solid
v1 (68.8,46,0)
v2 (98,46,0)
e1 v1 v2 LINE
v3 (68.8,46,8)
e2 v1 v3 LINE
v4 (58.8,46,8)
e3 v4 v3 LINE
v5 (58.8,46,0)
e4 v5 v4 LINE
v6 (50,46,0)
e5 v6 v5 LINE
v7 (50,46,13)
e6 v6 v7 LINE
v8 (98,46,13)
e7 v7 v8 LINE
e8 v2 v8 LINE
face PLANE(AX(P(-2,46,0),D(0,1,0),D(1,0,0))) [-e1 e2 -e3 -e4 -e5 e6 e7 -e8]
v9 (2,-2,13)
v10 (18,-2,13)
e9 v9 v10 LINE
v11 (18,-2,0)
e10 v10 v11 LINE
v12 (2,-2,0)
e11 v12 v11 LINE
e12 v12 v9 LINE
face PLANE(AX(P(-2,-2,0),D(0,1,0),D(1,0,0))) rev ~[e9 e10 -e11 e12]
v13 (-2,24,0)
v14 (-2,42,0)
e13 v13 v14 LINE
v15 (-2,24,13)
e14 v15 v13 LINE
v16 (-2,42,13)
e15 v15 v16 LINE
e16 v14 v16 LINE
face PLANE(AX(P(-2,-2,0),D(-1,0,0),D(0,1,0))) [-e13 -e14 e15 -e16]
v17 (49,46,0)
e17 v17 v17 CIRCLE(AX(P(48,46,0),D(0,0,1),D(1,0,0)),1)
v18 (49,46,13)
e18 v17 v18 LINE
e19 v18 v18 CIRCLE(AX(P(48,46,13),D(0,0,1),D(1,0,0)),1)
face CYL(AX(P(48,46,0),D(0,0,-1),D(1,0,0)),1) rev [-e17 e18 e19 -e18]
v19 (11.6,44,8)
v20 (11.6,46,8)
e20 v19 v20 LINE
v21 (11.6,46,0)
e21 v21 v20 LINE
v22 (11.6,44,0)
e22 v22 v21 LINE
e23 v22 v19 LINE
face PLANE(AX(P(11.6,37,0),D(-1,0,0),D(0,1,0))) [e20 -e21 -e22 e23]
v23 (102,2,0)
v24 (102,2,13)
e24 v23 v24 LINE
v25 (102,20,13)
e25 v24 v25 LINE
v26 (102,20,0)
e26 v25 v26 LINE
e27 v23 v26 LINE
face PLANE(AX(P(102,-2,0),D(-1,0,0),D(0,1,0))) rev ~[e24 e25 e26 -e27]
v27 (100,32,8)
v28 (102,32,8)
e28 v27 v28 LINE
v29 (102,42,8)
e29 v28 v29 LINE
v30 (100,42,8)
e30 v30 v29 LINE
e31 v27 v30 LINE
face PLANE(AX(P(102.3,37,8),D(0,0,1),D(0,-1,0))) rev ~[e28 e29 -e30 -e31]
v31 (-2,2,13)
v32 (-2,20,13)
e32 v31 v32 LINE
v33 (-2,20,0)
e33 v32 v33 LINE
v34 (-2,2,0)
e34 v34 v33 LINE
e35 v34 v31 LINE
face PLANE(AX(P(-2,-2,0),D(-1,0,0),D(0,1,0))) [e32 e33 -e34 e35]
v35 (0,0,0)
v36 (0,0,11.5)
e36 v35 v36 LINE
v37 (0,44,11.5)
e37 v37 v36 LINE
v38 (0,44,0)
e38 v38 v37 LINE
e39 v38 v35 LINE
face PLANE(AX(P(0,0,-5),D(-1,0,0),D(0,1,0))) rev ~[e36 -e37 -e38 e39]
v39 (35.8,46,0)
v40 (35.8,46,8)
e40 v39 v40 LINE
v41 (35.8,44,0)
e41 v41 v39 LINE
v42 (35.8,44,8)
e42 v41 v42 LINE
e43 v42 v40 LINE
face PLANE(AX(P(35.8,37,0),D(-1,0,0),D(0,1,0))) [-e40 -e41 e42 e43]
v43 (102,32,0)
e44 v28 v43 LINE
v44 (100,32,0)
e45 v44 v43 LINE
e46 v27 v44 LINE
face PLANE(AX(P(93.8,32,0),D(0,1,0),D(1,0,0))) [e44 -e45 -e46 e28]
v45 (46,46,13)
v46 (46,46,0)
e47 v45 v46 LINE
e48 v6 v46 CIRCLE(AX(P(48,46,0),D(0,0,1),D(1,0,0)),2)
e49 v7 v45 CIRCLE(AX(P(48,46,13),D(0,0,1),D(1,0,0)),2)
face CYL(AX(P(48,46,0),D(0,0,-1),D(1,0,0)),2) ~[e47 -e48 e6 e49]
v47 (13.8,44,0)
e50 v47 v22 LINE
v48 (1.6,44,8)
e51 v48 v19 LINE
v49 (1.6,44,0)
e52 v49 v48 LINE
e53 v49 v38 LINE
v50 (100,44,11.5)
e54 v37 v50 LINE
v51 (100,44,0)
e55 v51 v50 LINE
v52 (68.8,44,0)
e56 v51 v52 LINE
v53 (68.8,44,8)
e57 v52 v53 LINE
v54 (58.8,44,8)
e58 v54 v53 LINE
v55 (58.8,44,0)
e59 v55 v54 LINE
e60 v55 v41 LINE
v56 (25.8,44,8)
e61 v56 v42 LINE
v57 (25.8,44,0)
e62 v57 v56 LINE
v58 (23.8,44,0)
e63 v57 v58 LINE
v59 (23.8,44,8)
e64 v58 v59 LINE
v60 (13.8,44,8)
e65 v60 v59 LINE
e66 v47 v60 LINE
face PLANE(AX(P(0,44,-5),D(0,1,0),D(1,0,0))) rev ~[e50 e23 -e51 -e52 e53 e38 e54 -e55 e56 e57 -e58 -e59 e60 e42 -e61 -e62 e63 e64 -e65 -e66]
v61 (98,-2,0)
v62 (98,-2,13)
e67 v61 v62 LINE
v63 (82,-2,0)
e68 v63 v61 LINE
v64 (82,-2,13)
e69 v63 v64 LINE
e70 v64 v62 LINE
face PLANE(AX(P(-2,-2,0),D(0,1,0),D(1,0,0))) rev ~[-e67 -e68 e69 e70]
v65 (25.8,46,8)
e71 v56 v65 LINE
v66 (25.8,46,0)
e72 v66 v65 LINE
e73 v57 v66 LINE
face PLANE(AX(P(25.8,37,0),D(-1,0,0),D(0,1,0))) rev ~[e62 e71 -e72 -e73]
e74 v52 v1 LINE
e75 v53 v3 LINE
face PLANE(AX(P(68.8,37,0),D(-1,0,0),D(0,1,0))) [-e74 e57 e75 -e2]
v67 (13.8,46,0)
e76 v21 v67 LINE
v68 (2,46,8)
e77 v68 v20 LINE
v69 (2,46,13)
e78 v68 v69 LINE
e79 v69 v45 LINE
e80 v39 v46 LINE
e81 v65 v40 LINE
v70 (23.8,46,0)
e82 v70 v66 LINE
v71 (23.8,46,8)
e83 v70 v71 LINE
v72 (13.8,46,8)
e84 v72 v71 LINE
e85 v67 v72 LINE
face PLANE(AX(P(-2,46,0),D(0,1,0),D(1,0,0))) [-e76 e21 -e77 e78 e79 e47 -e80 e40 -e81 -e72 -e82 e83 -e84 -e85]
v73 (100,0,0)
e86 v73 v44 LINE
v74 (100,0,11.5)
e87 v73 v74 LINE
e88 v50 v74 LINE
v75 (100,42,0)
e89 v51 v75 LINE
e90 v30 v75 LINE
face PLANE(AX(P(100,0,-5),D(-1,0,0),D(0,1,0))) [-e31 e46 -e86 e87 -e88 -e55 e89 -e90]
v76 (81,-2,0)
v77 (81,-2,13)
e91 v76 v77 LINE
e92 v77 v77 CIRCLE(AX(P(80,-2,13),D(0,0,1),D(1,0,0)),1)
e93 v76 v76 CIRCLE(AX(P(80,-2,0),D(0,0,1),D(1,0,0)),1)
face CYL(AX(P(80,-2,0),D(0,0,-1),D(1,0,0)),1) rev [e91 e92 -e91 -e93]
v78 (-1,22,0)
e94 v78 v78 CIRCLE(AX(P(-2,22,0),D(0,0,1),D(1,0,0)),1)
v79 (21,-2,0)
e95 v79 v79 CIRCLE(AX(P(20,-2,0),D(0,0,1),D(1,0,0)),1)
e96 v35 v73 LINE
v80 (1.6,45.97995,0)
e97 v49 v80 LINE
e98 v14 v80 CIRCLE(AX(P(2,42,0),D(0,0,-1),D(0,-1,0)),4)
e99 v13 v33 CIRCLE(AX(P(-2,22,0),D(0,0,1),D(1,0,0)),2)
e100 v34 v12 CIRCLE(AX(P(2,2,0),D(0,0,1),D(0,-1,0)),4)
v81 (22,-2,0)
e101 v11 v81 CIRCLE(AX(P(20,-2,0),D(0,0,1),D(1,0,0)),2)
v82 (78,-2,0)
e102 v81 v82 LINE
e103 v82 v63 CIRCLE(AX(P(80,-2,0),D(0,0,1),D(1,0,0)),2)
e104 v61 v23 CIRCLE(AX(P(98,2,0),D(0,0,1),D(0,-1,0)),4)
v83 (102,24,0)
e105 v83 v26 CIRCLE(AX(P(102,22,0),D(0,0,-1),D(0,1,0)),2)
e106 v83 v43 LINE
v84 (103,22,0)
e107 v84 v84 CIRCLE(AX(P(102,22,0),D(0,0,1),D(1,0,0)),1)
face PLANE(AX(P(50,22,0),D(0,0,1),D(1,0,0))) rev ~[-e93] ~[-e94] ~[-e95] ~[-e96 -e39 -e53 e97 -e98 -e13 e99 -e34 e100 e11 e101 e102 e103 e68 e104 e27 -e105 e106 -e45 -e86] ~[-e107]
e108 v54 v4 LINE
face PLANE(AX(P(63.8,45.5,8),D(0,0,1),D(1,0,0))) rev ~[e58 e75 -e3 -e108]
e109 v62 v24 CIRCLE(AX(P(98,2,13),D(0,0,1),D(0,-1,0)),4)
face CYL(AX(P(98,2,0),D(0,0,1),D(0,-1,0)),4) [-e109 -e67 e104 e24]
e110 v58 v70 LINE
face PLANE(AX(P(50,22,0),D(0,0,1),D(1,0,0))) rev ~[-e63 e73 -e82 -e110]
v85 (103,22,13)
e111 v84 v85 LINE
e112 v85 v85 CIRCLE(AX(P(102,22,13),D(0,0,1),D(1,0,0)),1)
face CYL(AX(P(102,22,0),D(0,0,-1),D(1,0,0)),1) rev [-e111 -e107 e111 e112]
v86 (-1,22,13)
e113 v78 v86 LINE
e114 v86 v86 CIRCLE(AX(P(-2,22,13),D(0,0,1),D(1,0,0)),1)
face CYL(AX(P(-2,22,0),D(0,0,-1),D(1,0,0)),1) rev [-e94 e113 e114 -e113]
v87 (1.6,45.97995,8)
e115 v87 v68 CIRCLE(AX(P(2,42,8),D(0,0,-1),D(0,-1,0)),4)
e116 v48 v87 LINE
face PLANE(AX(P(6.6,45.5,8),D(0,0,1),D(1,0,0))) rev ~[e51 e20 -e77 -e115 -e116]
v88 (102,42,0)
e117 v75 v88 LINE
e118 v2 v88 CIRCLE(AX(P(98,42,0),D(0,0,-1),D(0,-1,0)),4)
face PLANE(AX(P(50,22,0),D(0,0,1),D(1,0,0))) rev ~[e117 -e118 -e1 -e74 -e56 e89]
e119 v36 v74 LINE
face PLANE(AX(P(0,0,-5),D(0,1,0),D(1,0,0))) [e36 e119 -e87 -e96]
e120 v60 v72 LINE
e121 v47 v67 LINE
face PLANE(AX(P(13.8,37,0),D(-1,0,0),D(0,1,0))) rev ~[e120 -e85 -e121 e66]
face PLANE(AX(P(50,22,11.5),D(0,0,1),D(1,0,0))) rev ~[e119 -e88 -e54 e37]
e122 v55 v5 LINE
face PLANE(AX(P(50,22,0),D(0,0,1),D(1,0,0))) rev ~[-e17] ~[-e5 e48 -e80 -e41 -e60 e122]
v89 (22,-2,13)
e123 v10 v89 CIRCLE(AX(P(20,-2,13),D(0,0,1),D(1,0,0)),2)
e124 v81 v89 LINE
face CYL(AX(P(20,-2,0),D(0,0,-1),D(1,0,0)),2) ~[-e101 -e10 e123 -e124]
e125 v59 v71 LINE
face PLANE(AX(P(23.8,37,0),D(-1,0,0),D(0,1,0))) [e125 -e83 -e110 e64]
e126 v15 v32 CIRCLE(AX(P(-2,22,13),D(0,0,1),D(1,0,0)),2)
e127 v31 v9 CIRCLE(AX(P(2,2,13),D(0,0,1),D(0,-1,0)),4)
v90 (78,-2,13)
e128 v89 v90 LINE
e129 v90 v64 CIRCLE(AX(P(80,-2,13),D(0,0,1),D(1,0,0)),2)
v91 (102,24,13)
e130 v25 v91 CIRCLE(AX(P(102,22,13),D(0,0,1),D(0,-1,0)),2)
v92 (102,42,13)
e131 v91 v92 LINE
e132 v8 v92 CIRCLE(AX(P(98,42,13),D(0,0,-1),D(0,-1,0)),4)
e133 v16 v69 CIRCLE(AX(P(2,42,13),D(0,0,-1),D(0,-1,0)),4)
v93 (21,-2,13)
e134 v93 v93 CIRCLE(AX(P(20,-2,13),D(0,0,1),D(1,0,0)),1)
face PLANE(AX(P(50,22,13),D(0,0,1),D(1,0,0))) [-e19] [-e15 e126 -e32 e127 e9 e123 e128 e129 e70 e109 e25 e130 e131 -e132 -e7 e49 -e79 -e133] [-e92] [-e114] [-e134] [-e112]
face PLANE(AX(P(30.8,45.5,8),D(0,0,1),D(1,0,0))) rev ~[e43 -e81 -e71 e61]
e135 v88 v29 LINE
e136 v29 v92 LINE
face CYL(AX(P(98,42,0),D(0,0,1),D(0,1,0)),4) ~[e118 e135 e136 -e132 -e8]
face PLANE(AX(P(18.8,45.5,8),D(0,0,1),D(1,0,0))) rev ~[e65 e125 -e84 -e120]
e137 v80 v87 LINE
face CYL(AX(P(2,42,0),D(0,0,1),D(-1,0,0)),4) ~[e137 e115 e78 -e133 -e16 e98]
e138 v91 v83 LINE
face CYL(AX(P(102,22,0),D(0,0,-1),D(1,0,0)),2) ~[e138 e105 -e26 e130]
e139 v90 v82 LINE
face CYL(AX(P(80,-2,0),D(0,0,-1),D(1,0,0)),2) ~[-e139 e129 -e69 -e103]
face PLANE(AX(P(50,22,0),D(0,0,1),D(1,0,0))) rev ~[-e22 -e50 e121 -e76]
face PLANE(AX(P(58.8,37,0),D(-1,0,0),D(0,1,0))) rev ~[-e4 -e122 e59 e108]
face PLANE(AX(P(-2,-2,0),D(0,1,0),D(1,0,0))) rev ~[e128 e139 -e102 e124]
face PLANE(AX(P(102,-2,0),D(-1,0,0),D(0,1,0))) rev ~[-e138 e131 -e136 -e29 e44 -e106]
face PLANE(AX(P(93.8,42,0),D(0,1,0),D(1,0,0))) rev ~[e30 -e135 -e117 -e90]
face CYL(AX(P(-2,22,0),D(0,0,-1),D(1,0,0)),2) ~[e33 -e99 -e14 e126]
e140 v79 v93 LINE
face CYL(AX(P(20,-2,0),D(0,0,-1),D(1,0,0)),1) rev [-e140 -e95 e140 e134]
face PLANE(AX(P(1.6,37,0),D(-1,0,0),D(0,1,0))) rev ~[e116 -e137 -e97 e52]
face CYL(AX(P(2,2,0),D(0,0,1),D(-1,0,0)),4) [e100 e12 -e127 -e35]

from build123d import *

# Parameters (mm, degrees)
CYLINDER006_R     = 1
CYLINDER006_DEPTH = 13
CYLINDER007_R     = 1
CYLINDER007_DEPTH = 13
CYLINDER008_R     = 1
CYLINDER008_DEPTH = 13
CYLINDER005_R     = 1
CYLINDER005_DEPTH = 13
CYLINDER009_R     = 1
CYLINDER009_DEPTH = 13
CYLINDER001_R     = 2
CYLINDER001_DEPTH = 13
CYLINDER002_R     = 2
CYLINDER002_DEPTH = 13
CYLINDER003_R     = 2
CYLINDER003_DEPTH = 13
CYLINDER004_R     = 2
CYLINDER004_DEPTH = 13
BOX001_W          = 10
BOX001_H          = 17
BOX001_DEPTH      = 8
BOX002_W          = 10
BOX002_H          = 17
BOX002_DEPTH      = 8
BOX003_W          = 10
BOX003_H          = 17
BOX003_DEPTH      = 8
BOX004_W          = 10
BOX004_H          = 17
BOX004_DEPTH      = 8
BOX005_W          = 10
BOX005_H          = 17
BOX005_DEPTH      = 8
BOX_W             = 100
BOX_H             = 44
BOX_DEPTH         = 16.5
BOX006_W          = 104
BOX006_H          = 48
BOX006_DEPTH      = 13
FILLET_R          = 4
CYLINDER_R        = 2
CYLINDER_DEPTH    = 13


with BuildPart() as cylinder006:
    # Cylinder006 → Cylinder006 (new body)
    with BuildSketch(Plane(origin=(20, -2, 0), x_dir=(1, 0, 0), z_dir=(0, 0, 1))):
        Circle(CYLINDER006_R)
    extrude(amount=CYLINDER006_DEPTH)


with BuildPart() as cylinder007:
    # Cylinder007 → Cylinder007 (new body)
    with BuildSketch(Plane(origin=(80, -2, 0), x_dir=(1, 0, 0), z_dir=(0, 0, 1))):
        Circle(CYLINDER007_R)
    extrude(amount=CYLINDER007_DEPTH)


with BuildPart() as cylinder008:
    # Cylinder008 → Cylinder008 (new body)
    with BuildSketch(Plane(origin=(48, 46, 0), x_dir=(1, 0, 0), z_dir=(0, 0, 1))):
        Circle(CYLINDER008_R)
    extrude(amount=CYLINDER008_DEPTH)


with BuildPart() as cylinder005:
    # Cylinder005 → Cylinder005 (new body)
    with BuildSketch(Plane(origin=(-2, 22, 0), x_dir=(1, 0, 0), z_dir=(0, 0, 1))):
        Circle(CYLINDER005_R)
    extrude(amount=CYLINDER005_DEPTH)


with BuildPart() as cylinder009:
    # Cylinder009 → Cylinder009 (new body)
    with BuildSketch(Plane(origin=(102, 22, 0), x_dir=(1, 0, 0), z_dir=(0, 0, 1))):
        Circle(CYLINDER009_R)
    extrude(amount=CYLINDER009_DEPTH)


with BuildPart() as cylinder001:
    # Cylinder001 → Cylinder001 (new body)
    with BuildSketch(Plane(origin=(80, -2, 0), x_dir=(1, 0, 0), z_dir=(0, 0, 1))):
        Circle(CYLINDER001_R)
    extrude(amount=CYLINDER001_DEPTH)


with BuildPart() as cylinder002:
    # Cylinder002 → Cylinder002 (new body)
    with BuildSketch(Plane(origin=(48, 46, 0), x_dir=(1, 0, 0), z_dir=(0, 0, 1))):
        Circle(CYLINDER002_R)
    extrude(amount=CYLINDER002_DEPTH)


with BuildPart() as cylinder003:
    # Cylinder003 → Cylinder003 (new body)
    with BuildSketch(Plane(origin=(-2, 22, 0), x_dir=(1, 0, 0), z_dir=(0, 0, 1))):
        Circle(CYLINDER003_R)
    extrude(amount=CYLINDER003_DEPTH)


with BuildPart() as cylinder004:
    # Cylinder004 → Cylinder004 (new body)
    with BuildSketch(Plane(origin=(102, 22, 0), x_dir=(1, 0, 0), z_dir=(0, 0, 1))):
        Circle(CYLINDER004_R)
    extrude(amount=CYLINDER004_DEPTH)


with BuildPart() as box001:
    # Box001 → Box001 (new body)
    with BuildSketch(Plane(origin=(1.6, 37, 0), x_dir=(1, 0, 0), z_dir=(0, 0, 1))):
        with Locations((5, 8.5)):
            Rectangle(BOX001_W, BOX001_H)
    extrude(amount=BOX001_DEPTH)


with BuildPart() as box002:
    # Box002 → Box002 (new body)
    with BuildSketch(Plane(origin=(13.8, 37, 0), x_dir=(1, 0, 0), z_dir=(0, 0, 1))):
        with Locations((5, 8.5)):
            Rectangle(BOX002_W, BOX002_H)
    extrude(amount=BOX002_DEPTH)


with BuildPart() as box003:
    # Box003 → Box003 (new body)
    with BuildSketch(Plane(origin=(25.8, 37, 0), x_dir=(1, 0, 0), z_dir=(0, 0, 1))):
        with Locations((5, 8.5)):
            Rectangle(BOX003_W, BOX003_H)
    extrude(amount=BOX003_DEPTH)


with BuildPart() as box004:
    # Box004 → Box004 (new body)
    with BuildSketch(Plane(origin=(58.8, 37, 0), x_dir=(1, 0, 0), z_dir=(0, 0, 1))):
        with Locations((5, 8.5)):
            Rectangle(BOX004_W, BOX004_H)
    extrude(amount=BOX004_DEPTH)


with BuildPart() as box005:
    # Box005 → Box005 (new body)
    with BuildSketch(Plane(origin=(93.8, 42, 0), x_dir=(0, -1, 0), z_dir=(0, 0, 1))):
        with Locations((5, 8.5)):
            Rectangle(BOX005_W, BOX005_H)
    extrude(amount=BOX005_DEPTH)


with BuildPart() as fusion:
    # Box → Box (new body)
    with BuildSketch(Plane.XY.offset(-5)):
        with Locations((50, 22)):
            Rectangle(BOX_W, BOX_H)
    extrude(amount=BOX_DEPTH)

    # Fusion: union Box001, Box002, Box003, Box004, Box005
    add(box001.part)
    add(box002.part)
    add(box003.part)
    add(box004.part)
    add(box005.part)


with BuildPart() as fillet_body:
    # Box006 → Box006 (new body)
    with BuildSketch(Plane(origin=(-2, -2, 0), x_dir=(1, 0, 0), z_dir=(0, 0, 1))):
        with Locations((52, 24)):
            Rectangle(BOX006_W, BOX006_H)
    extrude(amount=BOX006_DEPTH)

    # Cut: cut Fusion
    add(fusion.part, mode=Mode.SUBTRACT)

    # Fillet
    fillet_edges = [fillet_body.edges().sort_by_distance(p)[0] for p in [
        (-2, -2, 6.5),
        (-2, 46, 6.5),
        (102, -2, 6.5),
        (102, 46, 6.5),
    ]]
    fillet(fillet_edges, radius=FILLET_R)


with BuildPart() as cut006:
    # Cylinder → Cylinder (new body)
    with BuildSketch(Plane(origin=(20, -2, 0), x_dir=(1, 0, 0), z_dir=(0, 0, 1))):
        Circle(CYLINDER_R)
    extrude(amount=CYLINDER_DEPTH)

    # Fusion002: union Cylinder001, Cylinder002, Cylinder003, Cylinder004, Fillet body
    add(cylinder001.part)
    add(cylinder002.part)
    add(cylinder003.part)
    add(cylinder004.part)
    add(fillet_body.part)

    # Cut002: cut Cylinder009
    add(cylinder009.part, mode=Mode.SUBTRACT)

    # Cut003: cut Cylinder005
    add(cylinder005.part, mode=Mode.SUBTRACT)

    # Cut004: cut Cylinder008
    add(cylinder008.part, mode=Mode.SUBTRACT)

    # Cut005: cut Cylinder007
    add(cylinder007.part, mode=Mode.SUBTRACT)

    # Cut006: cut Cylinder006
    add(cylinder006.part, mode=Mode.SUBTRACT)


solid = cut006.part
